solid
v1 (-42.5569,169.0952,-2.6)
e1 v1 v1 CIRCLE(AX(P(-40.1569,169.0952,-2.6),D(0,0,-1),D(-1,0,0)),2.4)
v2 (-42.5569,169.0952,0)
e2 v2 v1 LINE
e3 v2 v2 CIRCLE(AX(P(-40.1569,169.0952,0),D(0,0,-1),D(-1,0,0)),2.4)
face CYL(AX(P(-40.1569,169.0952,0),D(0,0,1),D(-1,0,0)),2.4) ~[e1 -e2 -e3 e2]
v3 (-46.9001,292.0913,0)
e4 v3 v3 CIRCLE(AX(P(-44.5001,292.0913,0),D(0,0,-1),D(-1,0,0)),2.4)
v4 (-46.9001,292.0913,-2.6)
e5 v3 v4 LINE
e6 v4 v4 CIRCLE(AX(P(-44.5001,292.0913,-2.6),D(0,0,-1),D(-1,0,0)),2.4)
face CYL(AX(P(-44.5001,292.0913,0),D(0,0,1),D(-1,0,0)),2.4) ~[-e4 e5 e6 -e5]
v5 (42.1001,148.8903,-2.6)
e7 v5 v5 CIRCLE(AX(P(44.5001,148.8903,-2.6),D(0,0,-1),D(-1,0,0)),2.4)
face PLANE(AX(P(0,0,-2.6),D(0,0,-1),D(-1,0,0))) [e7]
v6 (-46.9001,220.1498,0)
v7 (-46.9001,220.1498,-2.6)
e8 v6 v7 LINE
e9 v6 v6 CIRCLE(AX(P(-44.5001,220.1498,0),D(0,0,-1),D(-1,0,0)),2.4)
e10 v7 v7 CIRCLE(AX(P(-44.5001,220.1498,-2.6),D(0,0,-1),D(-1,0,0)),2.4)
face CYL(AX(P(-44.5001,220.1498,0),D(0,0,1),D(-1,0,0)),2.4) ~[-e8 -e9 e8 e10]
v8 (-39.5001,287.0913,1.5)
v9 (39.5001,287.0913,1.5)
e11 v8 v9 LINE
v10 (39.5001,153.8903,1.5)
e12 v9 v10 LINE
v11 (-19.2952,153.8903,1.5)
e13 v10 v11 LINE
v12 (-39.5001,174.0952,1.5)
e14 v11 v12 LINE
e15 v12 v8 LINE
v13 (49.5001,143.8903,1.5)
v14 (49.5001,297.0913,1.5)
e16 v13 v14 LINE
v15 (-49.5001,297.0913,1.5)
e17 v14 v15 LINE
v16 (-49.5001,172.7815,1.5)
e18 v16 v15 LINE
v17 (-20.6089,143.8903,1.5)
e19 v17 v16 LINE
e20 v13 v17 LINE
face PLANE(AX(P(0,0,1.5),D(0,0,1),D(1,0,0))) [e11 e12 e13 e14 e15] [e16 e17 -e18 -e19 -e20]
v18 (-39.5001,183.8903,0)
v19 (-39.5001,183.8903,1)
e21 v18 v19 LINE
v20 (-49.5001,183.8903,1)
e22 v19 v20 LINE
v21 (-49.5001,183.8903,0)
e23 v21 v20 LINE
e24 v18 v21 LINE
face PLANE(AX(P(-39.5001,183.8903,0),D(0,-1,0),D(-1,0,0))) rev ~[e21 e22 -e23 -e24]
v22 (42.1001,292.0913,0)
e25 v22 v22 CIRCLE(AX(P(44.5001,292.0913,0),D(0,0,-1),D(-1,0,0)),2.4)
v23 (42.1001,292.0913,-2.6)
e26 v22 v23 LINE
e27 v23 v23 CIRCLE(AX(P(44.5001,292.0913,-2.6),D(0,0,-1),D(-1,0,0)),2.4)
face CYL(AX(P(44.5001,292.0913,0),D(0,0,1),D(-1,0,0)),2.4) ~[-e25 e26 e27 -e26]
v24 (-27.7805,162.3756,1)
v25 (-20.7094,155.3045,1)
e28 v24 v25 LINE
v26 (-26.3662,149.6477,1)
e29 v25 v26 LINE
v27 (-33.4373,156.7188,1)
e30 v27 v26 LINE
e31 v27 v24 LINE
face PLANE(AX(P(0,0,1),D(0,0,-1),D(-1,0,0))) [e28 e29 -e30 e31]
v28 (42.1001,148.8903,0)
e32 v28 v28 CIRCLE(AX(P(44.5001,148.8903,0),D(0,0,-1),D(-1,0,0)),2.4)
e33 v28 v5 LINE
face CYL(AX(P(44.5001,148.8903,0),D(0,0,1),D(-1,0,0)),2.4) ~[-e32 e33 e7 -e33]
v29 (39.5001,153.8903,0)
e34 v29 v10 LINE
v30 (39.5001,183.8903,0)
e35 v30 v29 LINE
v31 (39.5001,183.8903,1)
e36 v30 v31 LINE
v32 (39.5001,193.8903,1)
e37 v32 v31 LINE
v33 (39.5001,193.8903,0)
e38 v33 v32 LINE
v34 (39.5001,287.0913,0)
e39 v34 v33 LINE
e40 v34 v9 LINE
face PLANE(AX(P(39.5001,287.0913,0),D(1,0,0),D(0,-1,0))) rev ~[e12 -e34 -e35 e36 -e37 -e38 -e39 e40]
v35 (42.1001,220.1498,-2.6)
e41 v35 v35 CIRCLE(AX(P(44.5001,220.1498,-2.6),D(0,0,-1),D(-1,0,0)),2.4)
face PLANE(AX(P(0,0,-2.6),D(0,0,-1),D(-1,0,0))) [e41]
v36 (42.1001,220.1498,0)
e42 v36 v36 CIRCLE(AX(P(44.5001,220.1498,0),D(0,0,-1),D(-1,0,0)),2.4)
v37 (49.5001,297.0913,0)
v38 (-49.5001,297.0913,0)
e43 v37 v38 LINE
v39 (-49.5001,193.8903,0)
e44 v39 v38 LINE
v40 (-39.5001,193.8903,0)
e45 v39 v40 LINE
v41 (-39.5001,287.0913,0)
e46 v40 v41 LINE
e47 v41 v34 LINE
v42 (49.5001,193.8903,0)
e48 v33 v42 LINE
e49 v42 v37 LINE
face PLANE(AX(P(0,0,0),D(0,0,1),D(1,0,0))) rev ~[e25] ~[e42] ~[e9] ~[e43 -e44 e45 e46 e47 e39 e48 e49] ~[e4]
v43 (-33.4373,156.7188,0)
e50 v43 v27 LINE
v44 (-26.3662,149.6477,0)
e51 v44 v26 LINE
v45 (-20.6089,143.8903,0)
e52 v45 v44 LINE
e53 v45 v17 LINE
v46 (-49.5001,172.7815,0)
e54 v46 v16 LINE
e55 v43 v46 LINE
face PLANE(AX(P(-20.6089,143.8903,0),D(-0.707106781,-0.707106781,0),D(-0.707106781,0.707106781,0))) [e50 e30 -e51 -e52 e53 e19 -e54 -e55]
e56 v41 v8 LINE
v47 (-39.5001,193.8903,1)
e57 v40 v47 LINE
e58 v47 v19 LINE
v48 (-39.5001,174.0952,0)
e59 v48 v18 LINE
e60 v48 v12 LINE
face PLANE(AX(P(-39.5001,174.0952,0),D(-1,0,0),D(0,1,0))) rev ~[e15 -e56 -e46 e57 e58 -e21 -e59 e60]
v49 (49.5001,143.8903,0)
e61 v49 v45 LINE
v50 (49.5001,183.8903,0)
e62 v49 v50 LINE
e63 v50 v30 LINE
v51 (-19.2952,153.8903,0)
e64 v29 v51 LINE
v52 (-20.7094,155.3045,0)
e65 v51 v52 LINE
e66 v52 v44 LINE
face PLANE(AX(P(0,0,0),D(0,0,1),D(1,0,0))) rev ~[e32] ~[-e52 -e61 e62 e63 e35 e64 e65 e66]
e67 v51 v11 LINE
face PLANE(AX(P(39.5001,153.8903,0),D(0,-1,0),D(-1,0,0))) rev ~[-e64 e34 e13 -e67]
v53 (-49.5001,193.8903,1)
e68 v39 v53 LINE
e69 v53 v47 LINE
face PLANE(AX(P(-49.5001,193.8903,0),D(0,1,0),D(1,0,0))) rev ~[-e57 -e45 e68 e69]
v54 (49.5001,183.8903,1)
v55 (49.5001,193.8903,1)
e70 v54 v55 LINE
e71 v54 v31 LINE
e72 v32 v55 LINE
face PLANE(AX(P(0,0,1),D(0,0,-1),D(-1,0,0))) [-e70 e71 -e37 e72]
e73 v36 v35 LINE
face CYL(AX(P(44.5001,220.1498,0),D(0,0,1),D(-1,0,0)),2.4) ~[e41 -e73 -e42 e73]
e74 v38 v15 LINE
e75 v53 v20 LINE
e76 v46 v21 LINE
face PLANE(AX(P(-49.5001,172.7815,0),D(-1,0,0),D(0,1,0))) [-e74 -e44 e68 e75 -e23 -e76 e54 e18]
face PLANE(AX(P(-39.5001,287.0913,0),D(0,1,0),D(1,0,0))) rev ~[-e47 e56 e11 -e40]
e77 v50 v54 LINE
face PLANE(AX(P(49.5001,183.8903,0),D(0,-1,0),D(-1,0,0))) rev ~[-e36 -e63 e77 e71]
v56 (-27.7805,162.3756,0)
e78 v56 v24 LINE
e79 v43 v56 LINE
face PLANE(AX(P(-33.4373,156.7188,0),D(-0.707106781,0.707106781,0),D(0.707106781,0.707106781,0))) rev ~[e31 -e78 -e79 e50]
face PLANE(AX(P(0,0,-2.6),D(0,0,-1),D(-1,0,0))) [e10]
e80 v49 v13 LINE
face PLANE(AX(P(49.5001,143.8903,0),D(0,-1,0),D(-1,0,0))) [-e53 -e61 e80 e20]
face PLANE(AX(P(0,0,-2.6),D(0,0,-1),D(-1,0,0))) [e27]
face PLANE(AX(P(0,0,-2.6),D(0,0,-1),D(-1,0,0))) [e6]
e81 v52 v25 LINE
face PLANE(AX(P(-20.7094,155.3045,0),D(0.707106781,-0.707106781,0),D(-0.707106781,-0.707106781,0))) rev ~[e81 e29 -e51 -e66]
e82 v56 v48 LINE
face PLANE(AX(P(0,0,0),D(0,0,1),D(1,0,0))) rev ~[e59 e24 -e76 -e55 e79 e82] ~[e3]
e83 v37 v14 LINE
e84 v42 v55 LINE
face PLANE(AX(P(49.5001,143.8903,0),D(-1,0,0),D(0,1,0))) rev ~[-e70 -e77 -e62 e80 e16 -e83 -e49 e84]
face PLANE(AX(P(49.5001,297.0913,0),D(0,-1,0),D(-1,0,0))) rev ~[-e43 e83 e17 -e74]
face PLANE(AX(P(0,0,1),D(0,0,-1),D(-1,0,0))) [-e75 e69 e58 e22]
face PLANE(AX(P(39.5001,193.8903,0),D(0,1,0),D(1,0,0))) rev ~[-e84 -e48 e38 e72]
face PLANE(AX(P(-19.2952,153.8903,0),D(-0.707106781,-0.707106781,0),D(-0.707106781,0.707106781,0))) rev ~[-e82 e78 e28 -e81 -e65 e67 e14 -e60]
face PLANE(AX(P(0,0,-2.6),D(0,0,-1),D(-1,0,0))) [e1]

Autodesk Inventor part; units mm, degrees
ref_plane "YZ Plane" through (0, 0, 0) normal (1, 0, 0) x (0, 1, 0)
ref_plane "XZ Plane" through (0, 0, 0) normal (0, 1, 0) x (-1, 0, 0)
ref_plane "XY Plane" through (0, 0, 0) normal (0, 0, 1) x (1, 0, 0)
sketch "Skizze1" plane through (0, 0, 0) normal (0, 0, 1) x (1, 0, 0)
  line L0 (49.5001, 297.0913) -> (-49.5001, 297.0913) projected
  line L1 (49.5001, 143.8903) -> (49.5001, 297.0913) projected
  line L2 (-49.5001, 297.0913) -> (-49.5001, 143.8903) construction
  line L3 (-49.5001, 143.8903) -> (49.5001, 143.8903) construction
  circle A0 centre (-29.7001, 148.7389) radius 1.75 construction
  circle A1 centre (-44.8001, 148.7389) radius 1.75 construction
  circle A2 centre (-24.6237, 162.7718) radius 1.75 construction
  circle A3 centre (-20.9666, 159.2418) radius 1.75 construction
  circle A4 centre (44.5001, 148.8903) radius 2.5 construction
  circle A5 centre (44.5001, 220.1498) radius 2.5 construction
  circle A6 centre (-44.5001, 220.1498) radius 2.5 construction
  circle A7 centre (-44.5001, 292.0913) radius 2.5 construction
  circle A8 centre (44.5001, 292.0913) radius 2.5 construction
  line L4 (49.5001, 143.8903) -> (-20.6089, 143.8903)
  line L5 (-20.6089, 143.8903) -> (-49.5001, 172.7815)
  line L6 (-49.5001, 172.7815) -> (-49.5001, 297.0913)
  line L7 (-39.5001, 287.0913) -> (39.5001, 287.0913)
  line L8 (39.5001, 287.0913) -> (39.5001, 153.8903)
  line L9 (39.5001, 153.8903) -> (-19.2952, 153.8903)
  line L10 (-19.2952, 153.8903) -> (-39.5001, 174.0952)
  line L11 (-39.5001, 174.0952) -> (-39.5001, 287.0913)
  point P0 (0, 0)
  dimension "d0" = 135
  dimension "d1" = 8
  dimension "d2" = 3
  dimension "d3" = 10
  dimension "d4" = 10
  dimension "d5" = 10
  dimension "d6" = 10
extrude "Extrusion1" add sketch "Skizze1" along normal blind 1.5
sketch "Skizze2" plane through (0, 0, 0) normal (0, 0, -1) x (-1, 0, 0)
  circle A0 centre (44.5001, 220.1498) radius 2.4 projected
  circle A1 centre (44.5001, 292.0913) radius 2.4 projected
  circle A2 centre (-44.5001, 292.0913) radius 2.4 projected
  circle A3 centre (-44.5001, 220.1498) radius 2.4 projected
  circle A4 centre (-44.5001, 148.8903) radius 2.4 projected
  circle A5 centre (40.1569, 169.0952) radius 2.5 construction
  circle A6 centre (40.1569, 169.0952) radius 2.4
  point P0 (0, 0)
  dimension "d19" = 4.8
  dimension "d20" = 4.8
extrude "Extrusion2" add sketch "Skizze2" along normal blind 2.6
sketch "Skizze3" plane through (0, 0, 0) normal (0, 0, -1) x (-1, 0, 0)
  line L0 (-49.5001, 143.8903) -> (-49.5001, 297.0913) projected
  line L1 (-39.5001, 287.0913) -> (-39.5001, 153.8903) projected
  line L2 (-49.5001, 183.8903) -> (-39.5001, 183.8903)
  line L3 (-39.5001, 183.8903) -> (-39.5001, 193.8903)
  line L4 (-39.5001, 193.8903) -> (-49.5001, 193.8903)
  line L5 (-49.5001, 193.8903) -> (-49.5001, 183.8903)
  line L6 (39.5001, 287.0913) -> (39.5001, 174.0952) projected
  line L7 (49.5001, 297.0913) -> (49.5001, 172.7815) projected
  line L8 (39.5001, 183.8903) -> (49.5001, 183.8903)
  line L9 (49.5001, 183.8903) -> (49.5001, 193.8903)
  line L10 (49.5001, 193.8903) -> (39.5001, 193.8903)
  line L11 (39.5001, 193.8903) -> (39.5001, 183.8903)
  line L12 (39.5001, 174.0952) -> (19.2952, 153.8903) projected
  line L13 (20.7094, 155.3045) -> (26.3662, 149.6477)
  line L14 (49.5001, 172.7815) -> (20.6089, 143.8903) projected
  line L15 (26.3662, 149.6477) -> (33.4373, 156.7188)
  line L16 (33.4373, 156.7188) -> (27.7805, 162.3756)
  line L17 (27.7805, 162.3756) -> (20.7094, 155.3045)
  line L18 (20.6089, 143.8903) -> (-49.5001, 143.8903) projected
  point P0 (0, 0)
  dimension "d11" = 10
  dimension "d12" = 10
  dimension "d13" = 10
  dimension "d14" = 0
  dimension "d15" = 40
  dimension "d16" = 2
extrude "Extrusion3" cut sketch "Skizze3" against normal blind 1 contours L0 L4 L1 L2 | L13 L12 L16 L14 | L8 L6 L10 L7
equation "\"d4\" = d3"
equation "\"d5\" = d3"
equation "\"d6\" = d3"
equation "\"d20\" = d19"
equation "\"d12\" = d11"
equation "\"d13\" = d11"
properties part number "Backplate_V2"
